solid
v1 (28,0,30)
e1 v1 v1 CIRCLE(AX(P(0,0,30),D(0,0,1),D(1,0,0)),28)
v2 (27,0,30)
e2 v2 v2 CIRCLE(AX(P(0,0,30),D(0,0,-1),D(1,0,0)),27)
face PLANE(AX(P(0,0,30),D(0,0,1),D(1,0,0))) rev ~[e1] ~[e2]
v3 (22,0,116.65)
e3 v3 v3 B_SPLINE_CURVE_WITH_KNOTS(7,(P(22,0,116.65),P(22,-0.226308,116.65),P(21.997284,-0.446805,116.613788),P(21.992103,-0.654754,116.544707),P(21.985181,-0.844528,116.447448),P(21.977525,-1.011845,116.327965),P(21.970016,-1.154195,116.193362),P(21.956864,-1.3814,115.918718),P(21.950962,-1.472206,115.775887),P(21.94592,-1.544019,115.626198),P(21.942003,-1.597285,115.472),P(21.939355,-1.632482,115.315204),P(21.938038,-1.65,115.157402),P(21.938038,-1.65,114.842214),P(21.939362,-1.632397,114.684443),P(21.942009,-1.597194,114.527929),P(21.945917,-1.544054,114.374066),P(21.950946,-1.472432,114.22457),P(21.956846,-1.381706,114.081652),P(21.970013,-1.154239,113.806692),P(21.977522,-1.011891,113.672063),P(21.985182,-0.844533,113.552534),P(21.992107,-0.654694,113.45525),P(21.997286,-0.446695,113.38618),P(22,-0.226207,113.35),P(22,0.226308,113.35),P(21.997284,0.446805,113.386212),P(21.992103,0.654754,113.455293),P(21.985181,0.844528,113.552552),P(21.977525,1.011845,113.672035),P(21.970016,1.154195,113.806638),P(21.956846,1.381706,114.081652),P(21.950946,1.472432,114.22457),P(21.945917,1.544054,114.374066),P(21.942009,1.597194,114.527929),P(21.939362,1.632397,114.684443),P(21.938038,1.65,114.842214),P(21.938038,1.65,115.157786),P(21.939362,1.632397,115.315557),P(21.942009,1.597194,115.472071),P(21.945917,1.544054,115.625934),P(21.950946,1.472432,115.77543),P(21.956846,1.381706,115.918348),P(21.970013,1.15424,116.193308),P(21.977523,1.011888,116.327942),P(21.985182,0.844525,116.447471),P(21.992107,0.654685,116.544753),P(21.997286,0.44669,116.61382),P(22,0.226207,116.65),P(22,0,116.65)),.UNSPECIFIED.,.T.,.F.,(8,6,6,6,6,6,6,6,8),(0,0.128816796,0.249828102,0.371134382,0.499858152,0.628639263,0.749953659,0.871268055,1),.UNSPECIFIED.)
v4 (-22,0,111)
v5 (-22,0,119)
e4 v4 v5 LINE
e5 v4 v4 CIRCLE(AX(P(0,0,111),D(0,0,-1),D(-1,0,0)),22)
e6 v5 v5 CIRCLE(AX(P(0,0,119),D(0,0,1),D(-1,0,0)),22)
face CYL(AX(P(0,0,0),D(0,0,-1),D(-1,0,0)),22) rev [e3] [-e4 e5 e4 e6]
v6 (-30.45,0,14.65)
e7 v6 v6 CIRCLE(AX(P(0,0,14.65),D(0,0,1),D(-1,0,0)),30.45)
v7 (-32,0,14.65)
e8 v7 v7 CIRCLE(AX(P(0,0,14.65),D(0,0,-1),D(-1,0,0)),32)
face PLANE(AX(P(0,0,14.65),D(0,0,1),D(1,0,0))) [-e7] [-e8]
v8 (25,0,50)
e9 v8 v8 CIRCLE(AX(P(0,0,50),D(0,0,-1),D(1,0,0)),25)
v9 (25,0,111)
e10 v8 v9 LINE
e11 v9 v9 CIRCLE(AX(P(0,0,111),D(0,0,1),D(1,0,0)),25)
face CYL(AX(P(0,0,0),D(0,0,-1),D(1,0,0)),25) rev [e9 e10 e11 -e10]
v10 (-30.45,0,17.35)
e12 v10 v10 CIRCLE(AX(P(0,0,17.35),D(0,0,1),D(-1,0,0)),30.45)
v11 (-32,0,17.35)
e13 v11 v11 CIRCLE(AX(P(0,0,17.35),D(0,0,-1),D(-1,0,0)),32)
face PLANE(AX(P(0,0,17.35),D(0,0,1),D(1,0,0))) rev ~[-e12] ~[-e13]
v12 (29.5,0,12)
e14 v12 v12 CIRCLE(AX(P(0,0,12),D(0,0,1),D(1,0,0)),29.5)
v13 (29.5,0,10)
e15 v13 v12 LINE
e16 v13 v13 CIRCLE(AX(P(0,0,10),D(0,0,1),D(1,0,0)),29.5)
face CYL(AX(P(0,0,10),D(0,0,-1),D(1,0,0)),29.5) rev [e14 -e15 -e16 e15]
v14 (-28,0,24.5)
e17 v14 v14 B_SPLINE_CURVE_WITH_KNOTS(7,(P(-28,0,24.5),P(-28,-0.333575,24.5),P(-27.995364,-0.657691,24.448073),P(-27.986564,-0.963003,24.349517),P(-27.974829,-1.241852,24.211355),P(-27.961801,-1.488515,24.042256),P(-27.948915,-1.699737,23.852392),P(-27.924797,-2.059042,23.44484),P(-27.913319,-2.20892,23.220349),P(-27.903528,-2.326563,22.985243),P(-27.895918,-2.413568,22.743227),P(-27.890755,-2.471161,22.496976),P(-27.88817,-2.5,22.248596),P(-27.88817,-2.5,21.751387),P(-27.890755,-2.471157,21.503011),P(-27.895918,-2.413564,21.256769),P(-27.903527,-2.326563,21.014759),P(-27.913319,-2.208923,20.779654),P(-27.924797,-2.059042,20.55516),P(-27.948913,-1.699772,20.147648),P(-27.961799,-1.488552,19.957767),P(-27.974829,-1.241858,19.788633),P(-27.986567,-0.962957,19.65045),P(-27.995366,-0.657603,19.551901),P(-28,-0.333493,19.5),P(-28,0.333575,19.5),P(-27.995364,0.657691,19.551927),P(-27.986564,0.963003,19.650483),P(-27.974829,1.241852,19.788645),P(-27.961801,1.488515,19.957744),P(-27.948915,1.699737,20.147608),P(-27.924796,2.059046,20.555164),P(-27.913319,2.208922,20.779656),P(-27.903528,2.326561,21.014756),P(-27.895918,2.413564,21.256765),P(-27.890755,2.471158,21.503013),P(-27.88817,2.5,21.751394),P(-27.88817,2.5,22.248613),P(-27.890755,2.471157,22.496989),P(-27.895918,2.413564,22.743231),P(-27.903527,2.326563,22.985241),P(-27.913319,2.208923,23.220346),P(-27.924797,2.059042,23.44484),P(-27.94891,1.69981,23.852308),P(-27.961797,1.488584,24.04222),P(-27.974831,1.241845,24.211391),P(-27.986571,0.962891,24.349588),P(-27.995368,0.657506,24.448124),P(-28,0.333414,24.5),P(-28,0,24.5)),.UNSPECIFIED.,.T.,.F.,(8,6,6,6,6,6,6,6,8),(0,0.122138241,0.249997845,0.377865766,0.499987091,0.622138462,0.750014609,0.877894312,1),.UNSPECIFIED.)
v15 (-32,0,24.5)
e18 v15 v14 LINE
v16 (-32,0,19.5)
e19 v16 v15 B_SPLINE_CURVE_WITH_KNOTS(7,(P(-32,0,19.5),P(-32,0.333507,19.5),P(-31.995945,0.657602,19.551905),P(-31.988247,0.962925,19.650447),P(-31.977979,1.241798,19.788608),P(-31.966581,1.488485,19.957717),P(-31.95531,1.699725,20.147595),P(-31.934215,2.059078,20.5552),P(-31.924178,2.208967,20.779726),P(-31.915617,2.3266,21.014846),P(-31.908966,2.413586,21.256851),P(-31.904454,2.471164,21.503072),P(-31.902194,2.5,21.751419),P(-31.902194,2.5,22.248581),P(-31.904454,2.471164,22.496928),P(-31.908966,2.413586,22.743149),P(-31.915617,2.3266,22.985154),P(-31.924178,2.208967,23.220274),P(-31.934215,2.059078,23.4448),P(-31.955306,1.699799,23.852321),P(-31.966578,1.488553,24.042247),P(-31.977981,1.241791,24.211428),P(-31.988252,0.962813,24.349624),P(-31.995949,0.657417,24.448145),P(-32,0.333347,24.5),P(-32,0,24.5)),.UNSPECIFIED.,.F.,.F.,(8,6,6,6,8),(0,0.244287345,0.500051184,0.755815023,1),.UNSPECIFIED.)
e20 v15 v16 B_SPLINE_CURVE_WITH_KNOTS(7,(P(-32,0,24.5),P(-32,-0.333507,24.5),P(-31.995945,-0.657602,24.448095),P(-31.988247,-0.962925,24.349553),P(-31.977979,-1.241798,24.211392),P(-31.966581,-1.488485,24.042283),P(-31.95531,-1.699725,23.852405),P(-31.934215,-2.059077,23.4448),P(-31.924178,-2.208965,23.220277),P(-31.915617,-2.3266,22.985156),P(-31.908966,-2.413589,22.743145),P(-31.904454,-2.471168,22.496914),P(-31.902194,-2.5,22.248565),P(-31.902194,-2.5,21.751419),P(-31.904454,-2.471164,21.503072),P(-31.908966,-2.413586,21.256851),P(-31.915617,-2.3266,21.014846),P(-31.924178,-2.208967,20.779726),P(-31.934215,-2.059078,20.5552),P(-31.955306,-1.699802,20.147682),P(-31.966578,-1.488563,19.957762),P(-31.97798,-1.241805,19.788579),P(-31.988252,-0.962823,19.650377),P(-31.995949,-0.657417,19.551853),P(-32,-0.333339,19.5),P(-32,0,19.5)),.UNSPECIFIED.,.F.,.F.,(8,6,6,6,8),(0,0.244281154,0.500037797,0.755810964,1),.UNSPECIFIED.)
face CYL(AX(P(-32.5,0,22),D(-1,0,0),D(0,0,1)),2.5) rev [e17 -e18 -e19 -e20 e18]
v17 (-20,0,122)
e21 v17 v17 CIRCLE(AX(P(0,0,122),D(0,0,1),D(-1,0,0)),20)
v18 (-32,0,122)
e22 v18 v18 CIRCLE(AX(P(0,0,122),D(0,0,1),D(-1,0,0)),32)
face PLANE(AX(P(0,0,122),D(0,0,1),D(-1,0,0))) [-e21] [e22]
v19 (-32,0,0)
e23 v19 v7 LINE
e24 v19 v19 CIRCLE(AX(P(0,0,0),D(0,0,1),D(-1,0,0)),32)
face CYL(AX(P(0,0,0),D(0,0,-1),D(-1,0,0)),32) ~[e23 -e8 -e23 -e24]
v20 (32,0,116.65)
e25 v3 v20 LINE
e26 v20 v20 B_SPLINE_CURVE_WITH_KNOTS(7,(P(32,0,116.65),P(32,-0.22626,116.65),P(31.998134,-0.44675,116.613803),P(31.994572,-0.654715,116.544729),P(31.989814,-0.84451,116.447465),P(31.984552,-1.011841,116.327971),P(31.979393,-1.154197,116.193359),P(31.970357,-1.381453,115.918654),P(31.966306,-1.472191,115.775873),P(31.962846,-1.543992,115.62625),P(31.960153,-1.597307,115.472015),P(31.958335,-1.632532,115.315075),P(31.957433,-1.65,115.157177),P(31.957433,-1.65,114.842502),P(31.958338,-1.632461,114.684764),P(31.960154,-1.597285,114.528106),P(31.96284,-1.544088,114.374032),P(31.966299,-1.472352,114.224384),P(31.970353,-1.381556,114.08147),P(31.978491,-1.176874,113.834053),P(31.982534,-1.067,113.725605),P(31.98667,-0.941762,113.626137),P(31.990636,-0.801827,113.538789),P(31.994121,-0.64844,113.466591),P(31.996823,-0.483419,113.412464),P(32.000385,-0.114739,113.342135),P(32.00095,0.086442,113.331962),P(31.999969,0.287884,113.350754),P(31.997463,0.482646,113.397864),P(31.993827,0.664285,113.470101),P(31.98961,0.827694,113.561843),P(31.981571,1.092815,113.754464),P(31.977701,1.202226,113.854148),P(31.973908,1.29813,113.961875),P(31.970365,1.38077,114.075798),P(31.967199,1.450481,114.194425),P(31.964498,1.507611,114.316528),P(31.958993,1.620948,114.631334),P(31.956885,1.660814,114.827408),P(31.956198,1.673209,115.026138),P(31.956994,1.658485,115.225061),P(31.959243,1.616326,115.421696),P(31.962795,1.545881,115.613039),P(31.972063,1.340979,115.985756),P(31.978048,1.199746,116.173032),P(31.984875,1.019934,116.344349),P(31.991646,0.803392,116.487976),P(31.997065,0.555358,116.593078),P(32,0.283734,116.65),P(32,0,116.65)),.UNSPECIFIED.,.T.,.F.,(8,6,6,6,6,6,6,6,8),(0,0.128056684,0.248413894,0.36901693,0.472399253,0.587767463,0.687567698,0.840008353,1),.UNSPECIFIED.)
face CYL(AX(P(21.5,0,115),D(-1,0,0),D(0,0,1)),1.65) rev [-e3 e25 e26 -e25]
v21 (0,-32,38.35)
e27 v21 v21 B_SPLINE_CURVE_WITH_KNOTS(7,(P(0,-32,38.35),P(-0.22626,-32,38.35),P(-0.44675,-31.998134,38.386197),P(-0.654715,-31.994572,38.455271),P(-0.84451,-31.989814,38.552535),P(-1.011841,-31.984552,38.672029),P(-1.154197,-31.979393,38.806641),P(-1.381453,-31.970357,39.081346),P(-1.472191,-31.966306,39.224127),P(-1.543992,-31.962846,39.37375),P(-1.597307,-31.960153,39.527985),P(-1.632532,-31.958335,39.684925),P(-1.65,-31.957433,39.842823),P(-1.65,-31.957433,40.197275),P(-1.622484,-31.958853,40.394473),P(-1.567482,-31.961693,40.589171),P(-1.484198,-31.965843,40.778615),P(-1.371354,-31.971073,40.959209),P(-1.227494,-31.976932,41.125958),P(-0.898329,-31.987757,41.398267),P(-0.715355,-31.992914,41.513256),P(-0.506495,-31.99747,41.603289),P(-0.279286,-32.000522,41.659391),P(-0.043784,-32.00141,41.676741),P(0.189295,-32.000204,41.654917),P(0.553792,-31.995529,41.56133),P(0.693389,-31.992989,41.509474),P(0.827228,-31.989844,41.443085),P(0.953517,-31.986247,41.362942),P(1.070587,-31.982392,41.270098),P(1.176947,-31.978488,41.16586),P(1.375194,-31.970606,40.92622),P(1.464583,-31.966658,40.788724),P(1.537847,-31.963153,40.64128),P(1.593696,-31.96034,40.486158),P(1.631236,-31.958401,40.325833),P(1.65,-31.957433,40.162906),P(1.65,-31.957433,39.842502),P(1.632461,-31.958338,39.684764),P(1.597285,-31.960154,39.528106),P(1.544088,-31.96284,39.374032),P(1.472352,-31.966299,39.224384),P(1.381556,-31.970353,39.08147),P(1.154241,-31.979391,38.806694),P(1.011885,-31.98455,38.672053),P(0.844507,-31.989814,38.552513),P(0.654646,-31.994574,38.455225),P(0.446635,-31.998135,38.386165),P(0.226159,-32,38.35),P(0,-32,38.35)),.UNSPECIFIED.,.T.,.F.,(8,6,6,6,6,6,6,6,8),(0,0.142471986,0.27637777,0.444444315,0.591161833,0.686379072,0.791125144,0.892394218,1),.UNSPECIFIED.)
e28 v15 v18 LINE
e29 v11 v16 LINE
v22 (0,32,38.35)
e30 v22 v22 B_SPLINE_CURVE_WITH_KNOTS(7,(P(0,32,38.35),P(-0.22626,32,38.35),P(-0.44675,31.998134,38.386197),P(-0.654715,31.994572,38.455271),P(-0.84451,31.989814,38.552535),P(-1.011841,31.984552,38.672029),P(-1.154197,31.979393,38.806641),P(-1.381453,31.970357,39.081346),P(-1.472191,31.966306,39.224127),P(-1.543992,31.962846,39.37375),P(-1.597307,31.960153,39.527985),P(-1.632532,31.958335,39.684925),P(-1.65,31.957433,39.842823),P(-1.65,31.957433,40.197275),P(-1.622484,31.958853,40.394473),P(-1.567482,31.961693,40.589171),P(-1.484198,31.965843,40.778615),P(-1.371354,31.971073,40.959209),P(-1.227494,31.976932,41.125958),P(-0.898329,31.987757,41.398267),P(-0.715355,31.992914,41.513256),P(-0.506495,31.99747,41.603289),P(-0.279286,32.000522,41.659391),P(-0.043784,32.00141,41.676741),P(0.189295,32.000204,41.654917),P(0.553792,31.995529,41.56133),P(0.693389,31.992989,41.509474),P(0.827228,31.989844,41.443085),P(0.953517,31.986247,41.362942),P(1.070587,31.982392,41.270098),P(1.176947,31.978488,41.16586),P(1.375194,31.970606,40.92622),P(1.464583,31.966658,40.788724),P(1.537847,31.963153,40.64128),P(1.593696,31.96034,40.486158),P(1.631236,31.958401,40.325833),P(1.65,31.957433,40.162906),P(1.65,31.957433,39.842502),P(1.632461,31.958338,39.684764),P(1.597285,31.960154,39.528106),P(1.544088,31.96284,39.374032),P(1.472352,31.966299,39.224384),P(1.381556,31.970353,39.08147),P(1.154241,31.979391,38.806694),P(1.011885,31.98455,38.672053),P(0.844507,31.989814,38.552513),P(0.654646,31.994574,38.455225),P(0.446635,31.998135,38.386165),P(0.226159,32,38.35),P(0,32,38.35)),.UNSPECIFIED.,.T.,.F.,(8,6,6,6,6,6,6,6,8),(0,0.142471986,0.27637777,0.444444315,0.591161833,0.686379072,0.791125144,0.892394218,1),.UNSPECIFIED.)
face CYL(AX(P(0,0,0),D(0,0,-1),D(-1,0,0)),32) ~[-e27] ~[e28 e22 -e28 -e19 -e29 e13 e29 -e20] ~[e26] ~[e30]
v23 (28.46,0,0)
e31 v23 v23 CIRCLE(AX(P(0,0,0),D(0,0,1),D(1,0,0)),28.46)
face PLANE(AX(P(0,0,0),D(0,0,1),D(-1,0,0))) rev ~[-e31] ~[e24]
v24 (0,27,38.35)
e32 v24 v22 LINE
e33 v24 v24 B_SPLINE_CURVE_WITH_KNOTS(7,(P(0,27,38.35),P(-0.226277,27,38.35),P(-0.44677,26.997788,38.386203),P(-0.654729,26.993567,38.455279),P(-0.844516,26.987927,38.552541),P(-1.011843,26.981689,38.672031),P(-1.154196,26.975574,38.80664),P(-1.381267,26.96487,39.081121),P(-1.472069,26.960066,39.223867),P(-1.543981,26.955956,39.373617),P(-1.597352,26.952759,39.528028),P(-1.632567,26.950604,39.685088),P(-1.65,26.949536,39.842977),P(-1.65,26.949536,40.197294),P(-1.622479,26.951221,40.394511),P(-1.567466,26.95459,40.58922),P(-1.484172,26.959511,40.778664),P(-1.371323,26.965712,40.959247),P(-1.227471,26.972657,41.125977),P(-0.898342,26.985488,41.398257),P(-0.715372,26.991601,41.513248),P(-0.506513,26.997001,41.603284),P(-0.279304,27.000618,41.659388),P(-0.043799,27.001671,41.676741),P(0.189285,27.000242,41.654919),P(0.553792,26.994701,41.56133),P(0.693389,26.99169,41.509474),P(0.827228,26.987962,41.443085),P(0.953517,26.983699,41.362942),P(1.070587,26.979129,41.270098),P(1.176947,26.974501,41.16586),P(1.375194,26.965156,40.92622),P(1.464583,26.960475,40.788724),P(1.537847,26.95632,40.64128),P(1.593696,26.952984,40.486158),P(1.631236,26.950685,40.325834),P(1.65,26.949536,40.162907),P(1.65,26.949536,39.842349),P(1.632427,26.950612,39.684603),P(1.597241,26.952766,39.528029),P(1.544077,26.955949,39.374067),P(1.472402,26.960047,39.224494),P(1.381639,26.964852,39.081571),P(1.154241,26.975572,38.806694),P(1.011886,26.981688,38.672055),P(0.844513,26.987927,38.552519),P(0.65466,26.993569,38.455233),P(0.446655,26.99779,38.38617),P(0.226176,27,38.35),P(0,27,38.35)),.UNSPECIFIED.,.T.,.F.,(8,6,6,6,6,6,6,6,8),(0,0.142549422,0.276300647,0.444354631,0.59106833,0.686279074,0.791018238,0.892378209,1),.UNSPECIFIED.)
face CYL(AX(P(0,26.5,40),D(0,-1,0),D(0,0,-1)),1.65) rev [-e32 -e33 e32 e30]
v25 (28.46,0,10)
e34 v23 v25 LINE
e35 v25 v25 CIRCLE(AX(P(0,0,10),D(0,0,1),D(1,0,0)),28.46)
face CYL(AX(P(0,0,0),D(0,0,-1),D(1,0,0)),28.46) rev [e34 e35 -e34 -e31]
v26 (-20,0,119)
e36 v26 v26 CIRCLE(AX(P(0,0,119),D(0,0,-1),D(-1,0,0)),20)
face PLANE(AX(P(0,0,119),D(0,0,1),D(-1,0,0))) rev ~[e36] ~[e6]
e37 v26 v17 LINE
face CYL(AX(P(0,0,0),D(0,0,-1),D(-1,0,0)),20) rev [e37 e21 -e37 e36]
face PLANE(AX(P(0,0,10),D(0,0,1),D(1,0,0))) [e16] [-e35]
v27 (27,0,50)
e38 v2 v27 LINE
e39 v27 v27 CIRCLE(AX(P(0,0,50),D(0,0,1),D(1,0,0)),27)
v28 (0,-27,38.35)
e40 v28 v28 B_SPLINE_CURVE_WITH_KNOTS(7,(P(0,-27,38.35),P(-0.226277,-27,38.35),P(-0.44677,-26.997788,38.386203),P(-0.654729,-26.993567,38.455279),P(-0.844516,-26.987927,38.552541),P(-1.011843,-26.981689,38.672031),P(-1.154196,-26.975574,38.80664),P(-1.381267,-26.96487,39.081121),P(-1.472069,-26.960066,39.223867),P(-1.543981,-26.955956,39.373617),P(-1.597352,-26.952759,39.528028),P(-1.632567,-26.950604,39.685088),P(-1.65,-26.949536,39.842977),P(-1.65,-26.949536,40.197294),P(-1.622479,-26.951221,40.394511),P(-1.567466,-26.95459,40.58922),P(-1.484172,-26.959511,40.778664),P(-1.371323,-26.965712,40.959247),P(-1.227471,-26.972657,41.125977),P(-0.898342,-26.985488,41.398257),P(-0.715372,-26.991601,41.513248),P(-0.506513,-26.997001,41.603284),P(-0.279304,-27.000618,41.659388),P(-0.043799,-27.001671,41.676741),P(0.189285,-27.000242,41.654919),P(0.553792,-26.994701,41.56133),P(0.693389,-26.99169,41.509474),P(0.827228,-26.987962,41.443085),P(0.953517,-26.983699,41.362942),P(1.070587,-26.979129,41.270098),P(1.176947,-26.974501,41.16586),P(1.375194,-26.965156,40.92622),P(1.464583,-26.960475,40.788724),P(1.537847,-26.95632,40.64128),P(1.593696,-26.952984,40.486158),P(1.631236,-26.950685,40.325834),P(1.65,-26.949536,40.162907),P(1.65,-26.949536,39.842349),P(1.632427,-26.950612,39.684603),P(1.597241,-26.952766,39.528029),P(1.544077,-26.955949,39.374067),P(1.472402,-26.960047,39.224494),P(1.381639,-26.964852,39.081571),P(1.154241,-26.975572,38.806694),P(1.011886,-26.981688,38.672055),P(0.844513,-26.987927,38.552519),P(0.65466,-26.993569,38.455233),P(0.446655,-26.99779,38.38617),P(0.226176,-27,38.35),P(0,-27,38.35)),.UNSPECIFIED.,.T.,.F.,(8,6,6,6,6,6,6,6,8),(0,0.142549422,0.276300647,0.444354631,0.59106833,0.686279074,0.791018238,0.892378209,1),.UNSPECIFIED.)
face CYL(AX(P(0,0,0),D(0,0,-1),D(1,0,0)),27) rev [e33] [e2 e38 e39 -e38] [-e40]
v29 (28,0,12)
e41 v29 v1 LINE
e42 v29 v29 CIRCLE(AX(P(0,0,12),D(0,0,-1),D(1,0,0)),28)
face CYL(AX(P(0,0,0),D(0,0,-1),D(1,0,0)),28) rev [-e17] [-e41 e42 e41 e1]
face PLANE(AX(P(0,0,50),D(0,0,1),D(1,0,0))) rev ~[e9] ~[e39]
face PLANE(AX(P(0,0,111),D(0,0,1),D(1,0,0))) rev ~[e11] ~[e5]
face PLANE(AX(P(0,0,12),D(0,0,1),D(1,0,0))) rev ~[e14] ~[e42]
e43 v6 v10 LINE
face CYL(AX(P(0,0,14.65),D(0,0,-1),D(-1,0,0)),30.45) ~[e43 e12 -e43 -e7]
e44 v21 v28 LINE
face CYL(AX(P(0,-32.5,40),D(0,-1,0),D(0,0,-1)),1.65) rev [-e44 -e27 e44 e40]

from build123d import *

# Parameters (mm, degrees)
SKETCH1_R            = 32
BODY_DEPTH           = 122
SKETCH2_R            = 20
LIP_BORE_DEPTH       = 122
SKETCH3_R            = 22
BRIDGE_SEAT_DEPTH    = 119
SKETCH4_R            = 25
HOPPER_DEPTH         = 111
SKETCH5_R            = 27
BURR_SEAT_DEPTH      = 50
SKETCH6_R            = 28
PILOT_SEAT_DEPTH     = 30
SKETCH7_R            = 28.46
THREAD_MINOR_DEPTH   = 10
SKETCH8_R            = 29.5
THREAD_RELIEF_DEPTH  = 2
SKETCH9_R            = 33
SKETCH9_R_2          = 30.45
ORING_GROOVE_DEPTH   = 2.7
SKETCH10_R           = 1.65
BURR_SCREW_90_DEPTH  = 6
SKETCH11_R           = 1.65
BURR_SCREW_270_DEPTH = 6
SKETCH12_R           = 1.65
BRIDGE_SCREW_DEPTH   = 11
SKETCH13_R           = 2.5
PLUNGER_HOLE_DEPTH   = 5


with BuildPart() as part:
    # Sketch1 → Body (new body)
    with BuildSketch(Plane.XY):
        with Locations(Location((0, 0, 0), (0, 0, 180))):
            Circle(SKETCH1_R)
    extrude(amount=BODY_DEPTH)

    # Sketch2 → Lip_bore (cut)
    with BuildSketch(Plane.XY):
        with Locations(Location((0, 0, 0), (0, 0, 180))):
            Circle(SKETCH2_R)
    extrude(amount=LIP_BORE_DEPTH, mode=Mode.SUBTRACT)

    # Sketch3 → Bridge_seat (cut)
    with BuildSketch(Plane.XY):
        with Locations(Location((0, 0, 0), (0, 0, 180))):
            Circle(SKETCH3_R)
    extrude(amount=BRIDGE_SEAT_DEPTH, mode=Mode.SUBTRACT)

    # Sketch4 → Hopper (cut)
    with BuildSketch(Plane.XY):
        Circle(SKETCH4_R)
    extrude(amount=HOPPER_DEPTH, mode=Mode.SUBTRACT)

    # Sketch5 → Burr_seat (cut)
    with BuildSketch(Plane.XY):
        Circle(SKETCH5_R)
    extrude(amount=BURR_SEAT_DEPTH, mode=Mode.SUBTRACT)

    # Sketch6 → Pilot_seat (cut)
    with BuildSketch(Plane.XY):
        Circle(SKETCH6_R)
    extrude(amount=PILOT_SEAT_DEPTH, mode=Mode.SUBTRACT)

    # Sketch7 → Thread_minor (cut)
    with BuildSketch(Plane.XY):
        Circle(SKETCH7_R)
    extrude(amount=THREAD_MINOR_DEPTH, mode=Mode.SUBTRACT)

    # Sketch8 → Thread_relief (cut)
    with BuildSketch(Plane.XY.offset(10)):
        Circle(SKETCH8_R)
    extrude(amount=THREAD_RELIEF_DEPTH, mode=Mode.SUBTRACT)

    # Sketch9 → Oring_groove (cut)
    with BuildSketch(Plane.XY.offset(14.65)):
        Circle(SKETCH9_R)
        with Locations(Location((0, 0, 0), (0, 0, 180))):
            Circle(SKETCH9_R_2, mode=Mode.SUBTRACT)
    extrude(amount=ORING_GROOVE_DEPTH, mode=Mode.SUBTRACT)

    # Sketch10 → Burr_screw_90 (cut)
    with BuildSketch(Plane(origin=(0, 26.5, 0), x_dir=(1, 0, 0), z_dir=(0, 1, 0))):
        with Locations(Location((0, -40, 0), (0, 0, 90))):
            Circle(SKETCH10_R)
    extrude(amount=BURR_SCREW_90_DEPTH, mode=Mode.SUBTRACT)

    # Sketch11 → Burr_screw_270 (cut)
    with BuildSketch(Plane(origin=(0, -32.5, 0), x_dir=(1, 0, 0), z_dir=(0, 1, 0))):
        with Locations(Location((0, -40, 0), (0, 0, 90))):
            Circle(SKETCH11_R)
    extrude(amount=BURR_SCREW_270_DEPTH, mode=Mode.SUBTRACT)

    # Sketch12 → Bridge_screw (cut)
    with BuildSketch(Plane(origin=(21.5, 0, 0), x_dir=(0, 0, -1), z_dir=(1, 0, 0))):
        with Locations(Location((-115, 0, 0), (0, 0, 180))):
            Circle(SKETCH12_R)
    extrude(amount=BRIDGE_SCREW_DEPTH, mode=Mode.SUBTRACT)

    # Sketch13 → Plunger_hole (cut)
    with BuildSketch(Plane(origin=(-32.5, 0, 0), x_dir=(0, 0, -1), z_dir=(1, 0, 0))):
        with Locations(Location((-22, 0, 0), (0, 0, 180))):
            Circle(SKETCH13_R)
    extrude(amount=PLUNGER_HOLE_DEPTH, mode=Mode.SUBTRACT)


solid = part.part
